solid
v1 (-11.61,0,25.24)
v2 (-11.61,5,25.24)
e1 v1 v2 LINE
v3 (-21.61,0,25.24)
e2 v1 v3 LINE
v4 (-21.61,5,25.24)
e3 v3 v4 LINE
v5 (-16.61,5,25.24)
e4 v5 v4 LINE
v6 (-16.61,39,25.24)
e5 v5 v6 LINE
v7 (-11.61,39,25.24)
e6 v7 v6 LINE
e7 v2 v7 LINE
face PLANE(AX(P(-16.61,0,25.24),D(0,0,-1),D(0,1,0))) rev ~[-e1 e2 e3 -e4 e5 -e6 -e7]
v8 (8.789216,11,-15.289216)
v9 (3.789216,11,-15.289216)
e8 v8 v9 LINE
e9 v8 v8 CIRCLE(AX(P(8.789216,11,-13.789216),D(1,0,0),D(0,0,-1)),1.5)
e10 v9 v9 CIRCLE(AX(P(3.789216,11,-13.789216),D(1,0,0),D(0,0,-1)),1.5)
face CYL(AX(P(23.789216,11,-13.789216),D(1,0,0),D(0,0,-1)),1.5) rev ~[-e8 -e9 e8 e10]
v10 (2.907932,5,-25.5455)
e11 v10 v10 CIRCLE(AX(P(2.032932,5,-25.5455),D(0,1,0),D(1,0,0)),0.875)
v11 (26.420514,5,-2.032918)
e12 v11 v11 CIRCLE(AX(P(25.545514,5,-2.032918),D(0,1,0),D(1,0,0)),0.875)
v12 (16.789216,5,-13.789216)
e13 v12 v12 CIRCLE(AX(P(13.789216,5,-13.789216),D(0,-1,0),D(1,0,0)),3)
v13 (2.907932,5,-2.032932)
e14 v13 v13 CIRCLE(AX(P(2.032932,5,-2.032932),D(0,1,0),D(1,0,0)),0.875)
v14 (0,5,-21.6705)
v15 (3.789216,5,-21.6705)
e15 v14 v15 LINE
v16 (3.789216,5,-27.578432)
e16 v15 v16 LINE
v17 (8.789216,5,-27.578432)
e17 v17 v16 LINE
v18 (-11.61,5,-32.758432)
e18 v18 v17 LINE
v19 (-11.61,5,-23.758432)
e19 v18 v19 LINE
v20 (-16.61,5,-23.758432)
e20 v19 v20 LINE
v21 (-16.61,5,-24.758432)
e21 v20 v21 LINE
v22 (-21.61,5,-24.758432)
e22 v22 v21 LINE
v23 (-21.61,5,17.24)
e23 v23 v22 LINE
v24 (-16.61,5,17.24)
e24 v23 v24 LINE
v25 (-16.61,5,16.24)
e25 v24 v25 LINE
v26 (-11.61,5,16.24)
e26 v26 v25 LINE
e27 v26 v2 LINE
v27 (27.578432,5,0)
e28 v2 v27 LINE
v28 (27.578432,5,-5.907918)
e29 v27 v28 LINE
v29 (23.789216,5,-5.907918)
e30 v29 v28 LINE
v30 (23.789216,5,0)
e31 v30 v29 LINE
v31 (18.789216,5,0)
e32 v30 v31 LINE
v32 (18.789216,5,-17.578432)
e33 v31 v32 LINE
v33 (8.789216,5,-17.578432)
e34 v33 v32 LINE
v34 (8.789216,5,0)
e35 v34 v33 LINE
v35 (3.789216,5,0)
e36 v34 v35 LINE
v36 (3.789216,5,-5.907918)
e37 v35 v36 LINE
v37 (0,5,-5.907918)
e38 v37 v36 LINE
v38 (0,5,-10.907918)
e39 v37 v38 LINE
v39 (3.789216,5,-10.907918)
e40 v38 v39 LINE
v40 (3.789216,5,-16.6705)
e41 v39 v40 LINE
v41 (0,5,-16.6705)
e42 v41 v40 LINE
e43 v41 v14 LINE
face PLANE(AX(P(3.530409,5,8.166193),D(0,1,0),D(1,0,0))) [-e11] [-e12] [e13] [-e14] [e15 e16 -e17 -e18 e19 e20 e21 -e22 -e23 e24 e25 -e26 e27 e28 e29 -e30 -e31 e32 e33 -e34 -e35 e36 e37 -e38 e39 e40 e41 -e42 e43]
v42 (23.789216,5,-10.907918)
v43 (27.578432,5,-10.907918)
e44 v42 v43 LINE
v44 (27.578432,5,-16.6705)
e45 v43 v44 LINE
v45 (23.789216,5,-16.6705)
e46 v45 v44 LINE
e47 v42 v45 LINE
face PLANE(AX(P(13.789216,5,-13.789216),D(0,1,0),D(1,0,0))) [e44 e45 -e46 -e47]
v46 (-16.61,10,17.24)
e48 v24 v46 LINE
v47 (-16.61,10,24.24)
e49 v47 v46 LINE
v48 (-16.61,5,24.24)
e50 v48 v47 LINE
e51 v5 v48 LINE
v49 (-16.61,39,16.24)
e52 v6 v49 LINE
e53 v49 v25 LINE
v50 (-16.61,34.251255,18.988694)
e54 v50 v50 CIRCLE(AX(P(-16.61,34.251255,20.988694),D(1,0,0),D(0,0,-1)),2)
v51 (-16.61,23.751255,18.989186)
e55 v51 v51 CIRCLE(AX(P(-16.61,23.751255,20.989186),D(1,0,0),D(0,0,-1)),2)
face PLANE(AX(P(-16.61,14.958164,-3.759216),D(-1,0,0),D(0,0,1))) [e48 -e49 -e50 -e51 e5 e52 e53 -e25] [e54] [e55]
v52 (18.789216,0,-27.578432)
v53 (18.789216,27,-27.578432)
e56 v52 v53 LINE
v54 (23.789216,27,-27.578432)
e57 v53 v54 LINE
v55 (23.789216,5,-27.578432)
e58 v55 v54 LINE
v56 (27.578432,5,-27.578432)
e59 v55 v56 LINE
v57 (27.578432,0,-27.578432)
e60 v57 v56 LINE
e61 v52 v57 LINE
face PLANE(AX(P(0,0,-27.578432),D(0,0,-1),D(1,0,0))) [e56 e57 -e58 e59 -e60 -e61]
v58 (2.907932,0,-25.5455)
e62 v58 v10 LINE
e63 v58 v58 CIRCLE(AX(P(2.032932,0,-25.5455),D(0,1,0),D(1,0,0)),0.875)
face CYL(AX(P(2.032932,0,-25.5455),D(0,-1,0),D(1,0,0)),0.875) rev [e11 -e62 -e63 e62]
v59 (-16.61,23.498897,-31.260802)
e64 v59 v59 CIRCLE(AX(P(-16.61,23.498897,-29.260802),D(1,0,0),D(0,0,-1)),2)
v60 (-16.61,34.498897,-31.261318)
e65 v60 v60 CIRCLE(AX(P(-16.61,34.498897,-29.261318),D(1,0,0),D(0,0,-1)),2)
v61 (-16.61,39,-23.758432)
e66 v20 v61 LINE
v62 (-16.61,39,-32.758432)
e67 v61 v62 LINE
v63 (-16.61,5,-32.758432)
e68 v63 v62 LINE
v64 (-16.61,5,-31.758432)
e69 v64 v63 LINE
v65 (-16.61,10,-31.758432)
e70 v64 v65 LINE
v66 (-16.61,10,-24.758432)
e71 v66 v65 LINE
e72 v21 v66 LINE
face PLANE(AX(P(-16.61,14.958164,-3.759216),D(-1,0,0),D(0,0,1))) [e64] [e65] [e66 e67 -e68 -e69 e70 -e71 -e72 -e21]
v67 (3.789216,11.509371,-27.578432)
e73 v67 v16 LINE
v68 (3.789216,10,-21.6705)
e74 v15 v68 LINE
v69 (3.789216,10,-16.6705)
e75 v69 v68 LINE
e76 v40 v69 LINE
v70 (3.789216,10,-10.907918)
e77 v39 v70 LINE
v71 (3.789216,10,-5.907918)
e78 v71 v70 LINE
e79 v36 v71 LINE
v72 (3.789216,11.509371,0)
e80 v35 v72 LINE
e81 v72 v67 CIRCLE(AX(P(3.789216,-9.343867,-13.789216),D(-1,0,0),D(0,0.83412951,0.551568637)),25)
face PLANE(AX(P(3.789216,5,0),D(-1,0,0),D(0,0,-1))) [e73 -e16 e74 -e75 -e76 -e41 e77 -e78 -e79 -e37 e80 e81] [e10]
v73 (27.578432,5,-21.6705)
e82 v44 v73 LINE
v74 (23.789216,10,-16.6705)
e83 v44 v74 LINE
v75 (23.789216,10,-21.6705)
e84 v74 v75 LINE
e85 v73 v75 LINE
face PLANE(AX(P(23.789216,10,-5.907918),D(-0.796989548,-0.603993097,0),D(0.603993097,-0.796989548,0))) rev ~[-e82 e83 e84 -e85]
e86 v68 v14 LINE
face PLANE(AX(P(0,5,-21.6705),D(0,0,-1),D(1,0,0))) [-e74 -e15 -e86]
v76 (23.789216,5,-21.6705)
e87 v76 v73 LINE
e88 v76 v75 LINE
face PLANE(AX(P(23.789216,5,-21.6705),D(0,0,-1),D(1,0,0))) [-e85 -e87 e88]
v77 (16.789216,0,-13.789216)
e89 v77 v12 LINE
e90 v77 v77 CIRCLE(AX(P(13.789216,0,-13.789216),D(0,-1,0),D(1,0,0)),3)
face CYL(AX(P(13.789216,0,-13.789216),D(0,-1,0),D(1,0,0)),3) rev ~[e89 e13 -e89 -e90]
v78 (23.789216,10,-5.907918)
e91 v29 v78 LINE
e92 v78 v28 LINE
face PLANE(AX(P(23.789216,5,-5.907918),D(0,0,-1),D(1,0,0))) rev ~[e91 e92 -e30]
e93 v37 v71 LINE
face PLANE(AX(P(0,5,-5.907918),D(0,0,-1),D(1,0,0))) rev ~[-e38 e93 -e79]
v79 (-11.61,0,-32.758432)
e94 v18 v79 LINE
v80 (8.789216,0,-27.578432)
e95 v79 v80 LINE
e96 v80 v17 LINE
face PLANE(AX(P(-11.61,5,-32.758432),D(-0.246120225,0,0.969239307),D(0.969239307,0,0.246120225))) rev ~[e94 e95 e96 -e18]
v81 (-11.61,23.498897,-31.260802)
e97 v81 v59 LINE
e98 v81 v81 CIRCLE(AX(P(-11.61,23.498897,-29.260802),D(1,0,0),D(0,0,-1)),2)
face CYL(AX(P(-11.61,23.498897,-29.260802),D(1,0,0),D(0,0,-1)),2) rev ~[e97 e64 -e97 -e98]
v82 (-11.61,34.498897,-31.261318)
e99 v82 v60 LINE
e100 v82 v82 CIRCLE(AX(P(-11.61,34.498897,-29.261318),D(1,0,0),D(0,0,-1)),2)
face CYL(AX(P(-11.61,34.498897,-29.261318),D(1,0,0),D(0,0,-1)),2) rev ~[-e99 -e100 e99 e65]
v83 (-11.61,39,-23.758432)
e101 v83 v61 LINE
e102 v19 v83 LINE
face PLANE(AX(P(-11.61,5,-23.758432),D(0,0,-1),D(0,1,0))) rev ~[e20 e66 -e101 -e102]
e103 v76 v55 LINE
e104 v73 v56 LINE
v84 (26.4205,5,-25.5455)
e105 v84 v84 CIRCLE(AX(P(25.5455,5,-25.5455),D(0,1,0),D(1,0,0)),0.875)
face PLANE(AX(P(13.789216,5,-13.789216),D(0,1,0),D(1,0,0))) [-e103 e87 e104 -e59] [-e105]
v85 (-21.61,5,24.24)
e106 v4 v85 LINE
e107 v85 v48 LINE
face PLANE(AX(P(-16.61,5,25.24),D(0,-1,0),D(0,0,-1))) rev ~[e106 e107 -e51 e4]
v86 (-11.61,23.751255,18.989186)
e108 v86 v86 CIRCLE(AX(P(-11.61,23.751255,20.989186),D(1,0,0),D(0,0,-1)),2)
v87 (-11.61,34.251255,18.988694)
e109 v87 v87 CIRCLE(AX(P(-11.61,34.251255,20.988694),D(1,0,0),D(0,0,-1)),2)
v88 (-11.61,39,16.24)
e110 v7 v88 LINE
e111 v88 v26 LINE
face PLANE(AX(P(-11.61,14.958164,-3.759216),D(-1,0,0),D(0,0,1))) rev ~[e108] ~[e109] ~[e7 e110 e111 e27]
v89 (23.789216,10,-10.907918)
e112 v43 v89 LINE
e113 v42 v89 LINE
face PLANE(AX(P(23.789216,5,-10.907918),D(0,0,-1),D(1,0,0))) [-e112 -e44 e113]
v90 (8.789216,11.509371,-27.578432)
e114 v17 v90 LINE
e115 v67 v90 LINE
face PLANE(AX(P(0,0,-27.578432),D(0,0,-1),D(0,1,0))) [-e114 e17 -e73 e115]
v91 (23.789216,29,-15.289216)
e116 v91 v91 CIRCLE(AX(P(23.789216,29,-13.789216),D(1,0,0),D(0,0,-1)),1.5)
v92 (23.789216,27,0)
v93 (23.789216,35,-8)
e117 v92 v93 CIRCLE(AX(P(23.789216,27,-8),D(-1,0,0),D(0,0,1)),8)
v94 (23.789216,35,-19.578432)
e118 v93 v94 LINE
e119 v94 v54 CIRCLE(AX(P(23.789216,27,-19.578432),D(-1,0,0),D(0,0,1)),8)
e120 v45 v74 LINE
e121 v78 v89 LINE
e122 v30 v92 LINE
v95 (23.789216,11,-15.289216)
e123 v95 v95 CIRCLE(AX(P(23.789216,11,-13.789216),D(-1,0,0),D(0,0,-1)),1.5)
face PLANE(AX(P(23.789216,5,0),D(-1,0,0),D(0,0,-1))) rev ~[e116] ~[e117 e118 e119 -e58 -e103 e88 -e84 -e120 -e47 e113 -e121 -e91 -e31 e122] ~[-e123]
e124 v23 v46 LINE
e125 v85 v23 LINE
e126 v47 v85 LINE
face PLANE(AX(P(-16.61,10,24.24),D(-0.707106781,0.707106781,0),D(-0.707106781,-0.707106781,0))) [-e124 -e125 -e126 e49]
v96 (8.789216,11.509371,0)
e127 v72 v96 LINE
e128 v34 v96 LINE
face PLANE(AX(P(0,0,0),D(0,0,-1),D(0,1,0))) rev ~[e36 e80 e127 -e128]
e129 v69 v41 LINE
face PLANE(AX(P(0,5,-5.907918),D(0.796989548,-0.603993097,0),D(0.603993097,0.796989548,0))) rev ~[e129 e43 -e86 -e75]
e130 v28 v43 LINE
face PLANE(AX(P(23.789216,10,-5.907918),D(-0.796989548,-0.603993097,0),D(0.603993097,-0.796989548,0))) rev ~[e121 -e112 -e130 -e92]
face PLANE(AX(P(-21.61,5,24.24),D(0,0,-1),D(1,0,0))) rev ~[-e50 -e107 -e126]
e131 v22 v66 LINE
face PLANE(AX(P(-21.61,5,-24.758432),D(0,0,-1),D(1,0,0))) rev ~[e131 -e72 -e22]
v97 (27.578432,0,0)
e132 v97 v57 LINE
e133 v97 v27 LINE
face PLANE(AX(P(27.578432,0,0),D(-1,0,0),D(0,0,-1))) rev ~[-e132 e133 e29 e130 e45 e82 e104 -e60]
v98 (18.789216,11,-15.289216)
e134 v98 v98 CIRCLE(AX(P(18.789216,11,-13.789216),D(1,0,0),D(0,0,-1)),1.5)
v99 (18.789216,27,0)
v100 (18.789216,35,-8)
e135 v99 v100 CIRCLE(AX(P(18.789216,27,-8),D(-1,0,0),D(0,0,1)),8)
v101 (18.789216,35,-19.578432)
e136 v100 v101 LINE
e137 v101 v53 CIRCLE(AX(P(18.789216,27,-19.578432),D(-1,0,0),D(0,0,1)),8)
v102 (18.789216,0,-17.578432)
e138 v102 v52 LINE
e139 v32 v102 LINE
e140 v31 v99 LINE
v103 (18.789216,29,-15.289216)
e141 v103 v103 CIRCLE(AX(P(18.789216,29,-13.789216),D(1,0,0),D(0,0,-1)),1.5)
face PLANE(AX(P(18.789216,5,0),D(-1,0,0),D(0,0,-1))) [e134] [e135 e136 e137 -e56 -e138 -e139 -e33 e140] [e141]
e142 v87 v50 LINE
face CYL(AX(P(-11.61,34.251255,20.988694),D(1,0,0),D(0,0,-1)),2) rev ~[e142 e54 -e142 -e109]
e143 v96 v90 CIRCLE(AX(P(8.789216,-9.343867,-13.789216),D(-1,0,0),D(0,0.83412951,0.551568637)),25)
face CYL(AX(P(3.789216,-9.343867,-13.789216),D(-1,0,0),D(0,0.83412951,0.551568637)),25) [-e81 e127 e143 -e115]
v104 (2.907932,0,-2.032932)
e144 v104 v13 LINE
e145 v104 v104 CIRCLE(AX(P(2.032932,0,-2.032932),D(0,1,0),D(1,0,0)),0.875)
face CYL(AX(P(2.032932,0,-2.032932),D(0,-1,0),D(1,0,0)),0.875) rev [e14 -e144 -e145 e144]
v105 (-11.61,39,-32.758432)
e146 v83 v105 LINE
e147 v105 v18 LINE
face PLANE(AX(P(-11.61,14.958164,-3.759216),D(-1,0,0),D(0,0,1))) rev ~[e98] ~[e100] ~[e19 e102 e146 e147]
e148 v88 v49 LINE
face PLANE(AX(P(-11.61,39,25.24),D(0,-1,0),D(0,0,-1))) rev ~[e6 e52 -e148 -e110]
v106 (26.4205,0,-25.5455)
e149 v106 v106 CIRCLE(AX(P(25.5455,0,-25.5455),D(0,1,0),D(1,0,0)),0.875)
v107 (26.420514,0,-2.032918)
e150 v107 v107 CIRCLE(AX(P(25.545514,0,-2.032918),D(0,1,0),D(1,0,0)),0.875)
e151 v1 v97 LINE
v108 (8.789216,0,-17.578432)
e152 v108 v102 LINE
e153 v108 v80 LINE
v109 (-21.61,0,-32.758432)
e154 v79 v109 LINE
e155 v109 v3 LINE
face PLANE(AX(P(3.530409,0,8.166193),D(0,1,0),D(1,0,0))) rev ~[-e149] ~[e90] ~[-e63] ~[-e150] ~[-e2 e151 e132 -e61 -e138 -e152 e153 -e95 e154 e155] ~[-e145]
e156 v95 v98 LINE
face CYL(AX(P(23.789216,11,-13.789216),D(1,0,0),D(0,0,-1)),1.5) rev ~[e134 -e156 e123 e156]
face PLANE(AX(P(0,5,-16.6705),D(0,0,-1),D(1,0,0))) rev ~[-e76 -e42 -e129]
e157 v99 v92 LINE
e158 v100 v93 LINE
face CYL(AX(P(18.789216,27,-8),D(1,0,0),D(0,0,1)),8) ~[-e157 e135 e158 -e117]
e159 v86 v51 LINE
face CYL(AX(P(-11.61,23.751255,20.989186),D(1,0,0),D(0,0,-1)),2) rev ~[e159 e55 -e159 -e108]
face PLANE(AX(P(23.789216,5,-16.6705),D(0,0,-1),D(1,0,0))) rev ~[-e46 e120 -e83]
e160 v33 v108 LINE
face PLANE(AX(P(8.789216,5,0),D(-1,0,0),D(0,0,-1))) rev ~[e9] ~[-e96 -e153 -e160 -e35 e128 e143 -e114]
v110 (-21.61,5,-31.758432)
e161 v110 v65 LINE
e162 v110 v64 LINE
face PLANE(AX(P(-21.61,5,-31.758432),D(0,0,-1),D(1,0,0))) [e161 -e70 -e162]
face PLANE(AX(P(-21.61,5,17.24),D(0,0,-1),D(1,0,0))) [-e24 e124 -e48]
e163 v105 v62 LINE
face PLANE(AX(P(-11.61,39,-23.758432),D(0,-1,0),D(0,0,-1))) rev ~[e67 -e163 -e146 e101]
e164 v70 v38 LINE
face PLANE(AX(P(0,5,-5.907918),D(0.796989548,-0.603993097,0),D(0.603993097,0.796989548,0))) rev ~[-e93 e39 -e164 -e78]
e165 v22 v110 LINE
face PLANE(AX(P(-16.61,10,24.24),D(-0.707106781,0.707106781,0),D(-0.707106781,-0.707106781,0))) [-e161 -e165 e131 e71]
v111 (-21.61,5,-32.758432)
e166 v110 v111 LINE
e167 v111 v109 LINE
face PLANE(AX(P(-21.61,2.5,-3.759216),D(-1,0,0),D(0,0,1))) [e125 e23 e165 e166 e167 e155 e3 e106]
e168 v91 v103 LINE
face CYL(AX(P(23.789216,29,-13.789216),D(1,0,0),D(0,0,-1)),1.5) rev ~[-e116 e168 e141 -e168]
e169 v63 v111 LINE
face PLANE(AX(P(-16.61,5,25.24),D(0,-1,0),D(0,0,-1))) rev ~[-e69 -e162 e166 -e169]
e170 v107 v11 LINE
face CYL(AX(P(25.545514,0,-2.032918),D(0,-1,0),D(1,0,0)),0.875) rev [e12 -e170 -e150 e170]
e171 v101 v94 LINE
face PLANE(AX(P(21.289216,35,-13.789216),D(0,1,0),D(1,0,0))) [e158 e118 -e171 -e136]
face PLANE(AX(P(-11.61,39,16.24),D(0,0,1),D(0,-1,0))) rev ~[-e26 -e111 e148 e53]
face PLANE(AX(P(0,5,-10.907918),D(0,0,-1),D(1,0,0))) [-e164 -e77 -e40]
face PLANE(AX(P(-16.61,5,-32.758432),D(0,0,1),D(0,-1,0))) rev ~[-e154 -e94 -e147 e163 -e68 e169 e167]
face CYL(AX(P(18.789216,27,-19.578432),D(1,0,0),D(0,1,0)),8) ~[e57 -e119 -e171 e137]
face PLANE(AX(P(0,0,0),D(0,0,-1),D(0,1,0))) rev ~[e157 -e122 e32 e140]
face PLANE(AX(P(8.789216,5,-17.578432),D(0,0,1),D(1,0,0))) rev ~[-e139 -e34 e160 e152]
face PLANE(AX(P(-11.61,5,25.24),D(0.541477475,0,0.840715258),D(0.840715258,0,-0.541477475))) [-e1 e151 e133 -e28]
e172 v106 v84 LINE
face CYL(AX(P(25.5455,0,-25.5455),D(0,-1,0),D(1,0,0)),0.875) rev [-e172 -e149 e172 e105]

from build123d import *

# Parameters (mm, degrees)
SKETCH1_W            = 27.578431842
SKETCH1_H            = 27.578431842
SKETCH1_R            = 0.875
BOSS_EXTRUDE1_DEPTH  = 5
SKETCH2_W            = 5
SKETCH2_H            = 27.578431842
BOSS_EXTRUDE2_DEPTH  = 30
CUT_EXTRUDE2_DEPTH   = 10
SKETCH5_R            = 1.5
CUT_EXTRUDE3_DEPTH   = 24
FILLET1_R            = 8
FILLET2_R            = 8
SKETCH6_W            = 10
SKETCH6_H            = 10
CUT_EXTRUDE5_DEPTH   = 7
SKETCH7_R            = 3
CUT_EXTRUDE6_DEPTH   = 7
SKETCH8_W            = 3.789215921
SKETCH8_H            = 5
BOSS_EXTRUDE3_DEPTH  = 5
CUT_EXTRUDE7_DEPTH   = 25
SKETCH10_W           = 27.578431842
SKETCH10_H           = 5
BOSS_EXTRUDE4_DEPTH  = 11.61
BOSS_EXTRUDE5_DEPTH  = 5
BOSS_EXTRUDE9_DEPTH  = 5
SKETCH18_W           = 5
SKETCH18_H           = 7
BOSS_EXTRUDE10_DEPTH = 5
CUT_EXTRUDE9_DEPTH   = 59
SKETCH20_R           = 2
CUT_EXTRUDE10_DEPTH  = 10
BOSS_EXTRUDE11_DEPTH = 5


with BuildPart() as part:
    # Sketch1 → Boss-Extrude1 (new body)
    with BuildSketch(Plane(origin=(0, 0, 0), x_dir=(1, 0, 0), z_dir=(0, 1, 0))):
        with Locations((13.789215921, 13.789215921)):
            Rectangle(SKETCH1_W, SKETCH1_H)
        with Locations((2.032931996, 2.032931996)):
            Circle(SKETCH1_R, mode=Mode.SUBTRACT)
        with Locations((25.545499846, 25.545499846)):
            Circle(SKETCH1_R, mode=Mode.SUBTRACT)
        with Locations((2.032931996, 25.545499846)):
            Circle(SKETCH1_R, mode=Mode.SUBTRACT)
        with Locations((25.545513651, 2.032918191)):
            Circle(SKETCH1_R, mode=Mode.SUBTRACT)
    extrude(amount=BOSS_EXTRUDE1_DEPTH)

    # Sketch2 → Boss-Extrude2 (add)
    with BuildSketch(Plane(origin=(0, 5, 0), x_dir=(1, 0, 0), z_dir=(0, 1, 0))):
        with Locations((21.289215921, 13.789215921)):
            Rectangle(SKETCH2_W, SKETCH2_H)
        with Locations((6.289215921, 13.789215921)):
            Rectangle(SKETCH2_W, SKETCH2_H)
    extrude(amount=BOSS_EXTRUDE2_DEPTH)

    # Sketch4 → Cut-Extrude2 (cut)
    with BuildSketch(Plane.ZY.offset(-3.789215921)):
        with BuildLine():
            Line((-27.578431842, 11.509370995), (-27.578431842, 35))
            Line((-27.578431842, 35), (0, 35))
            Line((0, 35), (0, 11.509370995))
            ThreePointArc((0, 11.509370995), (-13.789215921, 15.656133254), (-27.578431842, 11.509370995))
        make_face()
    extrude(amount=-CUT_EXTRUDE2_DEPTH, mode=Mode.SUBTRACT)

    # Sketch5 → Cut-Extrude3 (cut)
    with BuildSketch(Plane(origin=(23.789215921, 0, 0), x_dir=(0, 0, -1), z_dir=(1, 0, 0))):
        with Locations((13.789215921, 29)):
            Circle(SKETCH5_R)
        with Locations((13.789215921, 11)):
            Circle(SKETCH5_R)
    extrude(amount=-CUT_EXTRUDE3_DEPTH, mode=Mode.SUBTRACT)

    # Fillet1
    fillet1_edges = [part.edges().sort_by_distance(p)[0] for p in [
        (21.289215921, 35, 0),
    ]]
    fillet(fillet1_edges, radius=FILLET1_R)

    # Fillet2
    fillet2_edges = [part.edges().sort_by_distance(p)[0] for p in [
        (21.289215921, 35, -27.578431842),
    ]]
    fillet(fillet2_edges, radius=FILLET2_R)

    # Sketch6 → Cut-Extrude5 (cut)
    with BuildSketch(Plane(origin=(0, 5, 0), x_dir=(1, 0, 0), z_dir=(0, 1, 0))):
        with Locations((13.789215921, 22.578431842)):
            Rectangle(SKETCH6_W, SKETCH6_H)
    extrude(amount=-CUT_EXTRUDE5_DEPTH, mode=Mode.SUBTRACT)

    # Sketch7 → Cut-Extrude6 (cut)
    with BuildSketch(Plane.XZ):
        with Locations((13.789215921, -13.789215921)):
            Circle(SKETCH7_R)
    extrude(amount=-CUT_EXTRUDE6_DEPTH, mode=Mode.SUBTRACT)

    # Sketch8 → Boss-Extrude3 (add)
    with BuildSketch(Plane(origin=(0, 5, 0), x_dir=(1, 0, 0), z_dir=(0, 1, 0))):
        with Locations((1.894607961, 19.170499846)):
            Rectangle(SKETCH8_W, SKETCH8_H)
        with Locations((25.683823882, 19.170499846)):
            Rectangle(SKETCH8_W, SKETCH8_H)
        with Locations((25.683823882, 8.407918191)):
            Rectangle(SKETCH8_W, SKETCH8_H)
        with Locations((1.894607961, 8.407918191)):
            Rectangle(SKETCH8_W, SKETCH8_H)
    extrude(amount=BOSS_EXTRUDE3_DEPTH)

    # Sketch9 → Cut-Extrude7 (cut)
    with BuildSketch(Plane.XY.offset(-5.907918191)):
        Polygon((0, 5), (3.789215921, 10), (0, 10), align=None)
        Polygon((23.789215921, 10), (27.578431842, 5), (27.578431842, 10), align=None)
    extrude(amount=-CUT_EXTRUDE7_DEPTH, mode=Mode.SUBTRACT)

    # Sketch10 → Boss-Extrude4 (add)
    with BuildSketch(Plane.ZY):
        with Locations((-13.789215921, 2.5)):
            Rectangle(SKETCH10_W, SKETCH10_H)
    extrude(amount=BOSS_EXTRUDE4_DEPTH)

    # Sketch11 → Boss-Extrude5 (add)
    with BuildSketch(Plane.ZY.offset(11.61)):
        Polygon((-32.758431842, 9.017116473), (-32.758431842, 0), (-27.578431842, 0), (0, 0), (25.24, 0), (25.24, 9.017116473), (25.24, 39), (16.24, 39), (16.24, 5), (0, 5), (-23.758431842, 5), (-23.758431842, 39), (-32.758431842, 39), align=None)
    extrude(amount=BOSS_EXTRUDE5_DEPTH)

    # Sketch17 → Boss-Extrude9 (add)
    with BuildSketch(Plane.ZY.offset(16.61)):
        Polygon((-23.758431842, 5), (-32.758431842, 5), (-32.758431842, 0), (25.24, 0), (25.24, 5), align=None)
    extrude(amount=BOSS_EXTRUDE9_DEPTH)

    # Sketch18 → Boss-Extrude10 (add)
    with BuildSketch(Plane(origin=(0, 5, 0), x_dir=(1, 0, 0), z_dir=(0, 1, 0))):
        with Locations((-19.11, 28.258431842)):
            Rectangle(SKETCH18_W, SKETCH18_H)
        with Locations((-19.11, -20.74)):
            Rectangle(SKETCH18_W, SKETCH18_H)
    extrude(amount=BOSS_EXTRUDE10_DEPTH)

    # Sketch19 → Cut-Extrude9 (cut)
    with BuildSketch(Plane.XY.offset(24.24)):
        Polygon((-21.61, 5), (-21.61, 10), (-16.61, 10), align=None)
    extrude(amount=-CUT_EXTRUDE9_DEPTH, mode=Mode.SUBTRACT)

    # Sketch20 → Cut-Extrude10 (cut)
    with BuildSketch(Plane(origin=(-11.61, 0, 0), x_dir=(0, 0, -1), z_dir=(1, 0, 0))):
        with Locations((-20.988693629, 34.251254581)):
            Circle(SKETCH20_R)
        with Locations((-20.989186345, 23.751254593)):
            Circle(SKETCH20_R)
        with Locations((29.260801868, 23.498896595)):
            Circle(SKETCH20_R)
        with Locations((29.261318047, 34.498896583)):
            Circle(SKETCH20_R)
    extrude(amount=-CUT_EXTRUDE10_DEPTH, mode=Mode.SUBTRACT)

    # Sketch21 → Boss-Extrude11 (add)
    with BuildSketch(Plane(origin=(0, 5, 0), x_dir=(1, 0, 0), z_dir=(0, 1, 0))):
        Polygon((-11.61, -25.24), (27.578431842, 0), (-11.61, 0), align=None)
        Polygon((-11.61, 32.758431842), (8.789215921, 27.578431842), (-11.61, 27.578431842), align=None)
    extrude(amount=-BOSS_EXTRUDE11_DEPTH)


solid = part.part
